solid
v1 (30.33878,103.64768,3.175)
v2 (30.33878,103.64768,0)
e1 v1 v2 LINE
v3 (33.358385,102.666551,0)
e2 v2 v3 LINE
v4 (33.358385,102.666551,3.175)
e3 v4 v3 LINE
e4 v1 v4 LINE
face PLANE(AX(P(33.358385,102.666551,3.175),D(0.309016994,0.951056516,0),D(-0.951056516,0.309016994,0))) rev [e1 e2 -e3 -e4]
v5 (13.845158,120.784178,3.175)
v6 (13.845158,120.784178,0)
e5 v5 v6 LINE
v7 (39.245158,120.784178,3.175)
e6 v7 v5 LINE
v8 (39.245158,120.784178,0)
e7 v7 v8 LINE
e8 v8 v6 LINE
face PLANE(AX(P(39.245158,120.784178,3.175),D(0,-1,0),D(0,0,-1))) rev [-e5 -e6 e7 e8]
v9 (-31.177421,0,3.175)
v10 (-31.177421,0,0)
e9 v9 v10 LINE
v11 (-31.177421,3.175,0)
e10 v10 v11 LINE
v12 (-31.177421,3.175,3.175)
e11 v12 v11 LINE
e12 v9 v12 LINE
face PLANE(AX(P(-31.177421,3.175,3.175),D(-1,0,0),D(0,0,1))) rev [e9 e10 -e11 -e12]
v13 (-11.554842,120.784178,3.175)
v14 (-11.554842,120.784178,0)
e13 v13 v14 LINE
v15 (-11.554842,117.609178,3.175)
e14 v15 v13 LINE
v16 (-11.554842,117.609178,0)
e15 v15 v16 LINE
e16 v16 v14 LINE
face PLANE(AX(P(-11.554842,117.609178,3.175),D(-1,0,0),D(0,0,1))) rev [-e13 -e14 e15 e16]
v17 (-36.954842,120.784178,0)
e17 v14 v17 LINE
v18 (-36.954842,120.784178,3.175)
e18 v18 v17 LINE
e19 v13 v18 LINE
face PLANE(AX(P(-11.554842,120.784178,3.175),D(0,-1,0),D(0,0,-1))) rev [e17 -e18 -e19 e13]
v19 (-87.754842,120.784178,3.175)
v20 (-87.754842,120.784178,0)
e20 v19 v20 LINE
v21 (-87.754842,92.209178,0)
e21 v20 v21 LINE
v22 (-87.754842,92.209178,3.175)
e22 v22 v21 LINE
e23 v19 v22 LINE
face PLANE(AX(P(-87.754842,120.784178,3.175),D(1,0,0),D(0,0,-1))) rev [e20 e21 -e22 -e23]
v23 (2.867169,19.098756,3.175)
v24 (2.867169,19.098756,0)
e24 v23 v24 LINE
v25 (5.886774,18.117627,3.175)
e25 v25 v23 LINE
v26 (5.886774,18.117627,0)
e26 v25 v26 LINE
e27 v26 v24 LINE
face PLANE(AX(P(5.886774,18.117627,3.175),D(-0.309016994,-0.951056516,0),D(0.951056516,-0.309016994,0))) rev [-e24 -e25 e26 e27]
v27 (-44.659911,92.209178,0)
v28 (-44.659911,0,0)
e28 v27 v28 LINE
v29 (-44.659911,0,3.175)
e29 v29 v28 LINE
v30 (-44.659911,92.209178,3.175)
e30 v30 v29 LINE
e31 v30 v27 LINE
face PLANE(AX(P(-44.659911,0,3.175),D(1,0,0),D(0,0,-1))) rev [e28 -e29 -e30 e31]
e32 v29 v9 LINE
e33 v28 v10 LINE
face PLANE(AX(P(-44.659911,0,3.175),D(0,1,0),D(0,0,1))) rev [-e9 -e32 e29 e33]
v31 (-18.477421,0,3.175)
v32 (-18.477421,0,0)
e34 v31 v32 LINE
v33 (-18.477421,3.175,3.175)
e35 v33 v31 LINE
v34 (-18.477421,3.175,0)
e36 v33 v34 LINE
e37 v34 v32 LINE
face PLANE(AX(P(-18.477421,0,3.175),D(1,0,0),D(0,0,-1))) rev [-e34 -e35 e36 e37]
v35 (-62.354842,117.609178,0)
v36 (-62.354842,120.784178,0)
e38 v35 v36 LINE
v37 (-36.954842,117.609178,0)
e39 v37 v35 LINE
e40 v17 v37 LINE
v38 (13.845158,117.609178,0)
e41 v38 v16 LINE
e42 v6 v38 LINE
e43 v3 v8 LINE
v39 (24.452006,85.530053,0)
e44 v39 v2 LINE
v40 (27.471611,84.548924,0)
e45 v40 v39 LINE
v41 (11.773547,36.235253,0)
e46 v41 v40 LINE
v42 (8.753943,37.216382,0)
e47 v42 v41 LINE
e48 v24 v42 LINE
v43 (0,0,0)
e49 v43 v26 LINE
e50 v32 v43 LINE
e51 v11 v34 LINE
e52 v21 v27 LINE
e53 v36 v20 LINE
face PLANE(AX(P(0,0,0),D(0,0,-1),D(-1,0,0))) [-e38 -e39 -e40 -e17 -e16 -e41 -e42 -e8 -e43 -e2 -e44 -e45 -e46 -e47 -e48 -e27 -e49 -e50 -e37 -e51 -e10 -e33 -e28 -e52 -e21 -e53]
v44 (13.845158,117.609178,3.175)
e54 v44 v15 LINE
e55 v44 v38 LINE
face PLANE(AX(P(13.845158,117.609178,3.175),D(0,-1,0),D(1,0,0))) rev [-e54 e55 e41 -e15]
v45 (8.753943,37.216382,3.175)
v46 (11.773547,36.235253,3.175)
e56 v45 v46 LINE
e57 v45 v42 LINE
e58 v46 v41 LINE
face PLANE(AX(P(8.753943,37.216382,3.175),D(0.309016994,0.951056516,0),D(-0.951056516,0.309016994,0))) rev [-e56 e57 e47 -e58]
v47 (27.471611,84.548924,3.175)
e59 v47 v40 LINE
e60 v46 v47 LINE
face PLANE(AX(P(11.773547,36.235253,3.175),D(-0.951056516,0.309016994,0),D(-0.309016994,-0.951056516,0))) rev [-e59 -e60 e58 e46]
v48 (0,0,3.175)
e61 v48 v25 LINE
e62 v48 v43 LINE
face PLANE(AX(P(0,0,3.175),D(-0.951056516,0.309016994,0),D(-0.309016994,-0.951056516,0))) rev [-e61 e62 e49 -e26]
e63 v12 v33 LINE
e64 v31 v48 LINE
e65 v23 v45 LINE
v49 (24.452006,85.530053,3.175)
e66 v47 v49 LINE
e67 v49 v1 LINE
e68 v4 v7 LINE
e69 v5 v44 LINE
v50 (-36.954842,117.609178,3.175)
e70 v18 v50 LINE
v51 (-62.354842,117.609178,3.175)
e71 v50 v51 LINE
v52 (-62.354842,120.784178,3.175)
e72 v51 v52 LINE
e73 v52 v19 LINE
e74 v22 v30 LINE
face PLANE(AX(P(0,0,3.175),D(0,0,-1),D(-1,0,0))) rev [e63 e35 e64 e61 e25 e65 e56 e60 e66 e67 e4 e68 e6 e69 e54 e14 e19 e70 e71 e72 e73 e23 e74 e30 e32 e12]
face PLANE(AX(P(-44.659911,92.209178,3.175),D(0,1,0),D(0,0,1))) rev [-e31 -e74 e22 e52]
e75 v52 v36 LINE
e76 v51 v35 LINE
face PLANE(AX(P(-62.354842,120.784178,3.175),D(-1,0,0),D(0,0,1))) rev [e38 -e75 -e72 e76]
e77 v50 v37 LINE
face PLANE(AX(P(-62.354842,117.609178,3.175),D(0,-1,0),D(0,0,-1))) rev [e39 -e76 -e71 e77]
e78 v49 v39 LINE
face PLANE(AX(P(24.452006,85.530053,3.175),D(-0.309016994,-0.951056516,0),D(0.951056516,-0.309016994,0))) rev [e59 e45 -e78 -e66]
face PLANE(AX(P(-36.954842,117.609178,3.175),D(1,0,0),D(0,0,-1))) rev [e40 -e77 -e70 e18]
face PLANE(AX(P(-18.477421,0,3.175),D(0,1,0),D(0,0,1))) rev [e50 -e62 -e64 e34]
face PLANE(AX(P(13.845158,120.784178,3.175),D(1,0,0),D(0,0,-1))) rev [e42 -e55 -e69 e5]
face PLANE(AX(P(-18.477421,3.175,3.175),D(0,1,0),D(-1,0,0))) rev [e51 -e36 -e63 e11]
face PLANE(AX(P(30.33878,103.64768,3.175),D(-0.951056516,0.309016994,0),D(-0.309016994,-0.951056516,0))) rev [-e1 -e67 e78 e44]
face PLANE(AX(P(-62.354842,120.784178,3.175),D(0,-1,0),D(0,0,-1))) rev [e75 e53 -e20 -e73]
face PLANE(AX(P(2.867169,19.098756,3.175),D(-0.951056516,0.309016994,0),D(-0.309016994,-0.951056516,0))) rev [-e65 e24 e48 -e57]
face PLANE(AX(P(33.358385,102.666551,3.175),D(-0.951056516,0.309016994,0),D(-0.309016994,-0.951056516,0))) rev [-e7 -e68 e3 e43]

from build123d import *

# Parameters (mm, degrees)
BOSS_EXTRUDE1_DEPTH = 3.175


with BuildPart() as part:
    # Sketch1 → Boss-Extrude1 (new body)
    with BuildSketch(Plane.XY):
        Polygon((0, 0), (5.886773743, 18.117626635), (2.867169304, 19.098755593), (8.753943046, 37.216382228), (11.773547486, 36.235253271), (27.4716108, 84.548924299), (24.452006361, 85.530053256), (30.338780104, 103.647679891), (33.358384543, 102.666550934), (39.245158286, 120.784177569), (13.845158286, 120.784177569), (13.845158286, 117.609177569), (-11.554841714, 117.609177569), (-11.554841714, 120.784177569), (-36.954841714, 120.784177569), (-36.954841714, 117.609177569), (-62.354841714, 117.609177569), (-62.354841714, 120.784177569), (-87.754841714, 120.784177569), (-87.754841714, 92.209177569), (-44.659910515, 92.209177569), (-44.659910515, 0), (-31.177420857, 0), (-31.177420857, 3.175), (-18.477420857, 3.175), (-18.477420857, 0), align=None)
    extrude(amount=BOSS_EXTRUDE1_DEPTH)


solid = part.part
